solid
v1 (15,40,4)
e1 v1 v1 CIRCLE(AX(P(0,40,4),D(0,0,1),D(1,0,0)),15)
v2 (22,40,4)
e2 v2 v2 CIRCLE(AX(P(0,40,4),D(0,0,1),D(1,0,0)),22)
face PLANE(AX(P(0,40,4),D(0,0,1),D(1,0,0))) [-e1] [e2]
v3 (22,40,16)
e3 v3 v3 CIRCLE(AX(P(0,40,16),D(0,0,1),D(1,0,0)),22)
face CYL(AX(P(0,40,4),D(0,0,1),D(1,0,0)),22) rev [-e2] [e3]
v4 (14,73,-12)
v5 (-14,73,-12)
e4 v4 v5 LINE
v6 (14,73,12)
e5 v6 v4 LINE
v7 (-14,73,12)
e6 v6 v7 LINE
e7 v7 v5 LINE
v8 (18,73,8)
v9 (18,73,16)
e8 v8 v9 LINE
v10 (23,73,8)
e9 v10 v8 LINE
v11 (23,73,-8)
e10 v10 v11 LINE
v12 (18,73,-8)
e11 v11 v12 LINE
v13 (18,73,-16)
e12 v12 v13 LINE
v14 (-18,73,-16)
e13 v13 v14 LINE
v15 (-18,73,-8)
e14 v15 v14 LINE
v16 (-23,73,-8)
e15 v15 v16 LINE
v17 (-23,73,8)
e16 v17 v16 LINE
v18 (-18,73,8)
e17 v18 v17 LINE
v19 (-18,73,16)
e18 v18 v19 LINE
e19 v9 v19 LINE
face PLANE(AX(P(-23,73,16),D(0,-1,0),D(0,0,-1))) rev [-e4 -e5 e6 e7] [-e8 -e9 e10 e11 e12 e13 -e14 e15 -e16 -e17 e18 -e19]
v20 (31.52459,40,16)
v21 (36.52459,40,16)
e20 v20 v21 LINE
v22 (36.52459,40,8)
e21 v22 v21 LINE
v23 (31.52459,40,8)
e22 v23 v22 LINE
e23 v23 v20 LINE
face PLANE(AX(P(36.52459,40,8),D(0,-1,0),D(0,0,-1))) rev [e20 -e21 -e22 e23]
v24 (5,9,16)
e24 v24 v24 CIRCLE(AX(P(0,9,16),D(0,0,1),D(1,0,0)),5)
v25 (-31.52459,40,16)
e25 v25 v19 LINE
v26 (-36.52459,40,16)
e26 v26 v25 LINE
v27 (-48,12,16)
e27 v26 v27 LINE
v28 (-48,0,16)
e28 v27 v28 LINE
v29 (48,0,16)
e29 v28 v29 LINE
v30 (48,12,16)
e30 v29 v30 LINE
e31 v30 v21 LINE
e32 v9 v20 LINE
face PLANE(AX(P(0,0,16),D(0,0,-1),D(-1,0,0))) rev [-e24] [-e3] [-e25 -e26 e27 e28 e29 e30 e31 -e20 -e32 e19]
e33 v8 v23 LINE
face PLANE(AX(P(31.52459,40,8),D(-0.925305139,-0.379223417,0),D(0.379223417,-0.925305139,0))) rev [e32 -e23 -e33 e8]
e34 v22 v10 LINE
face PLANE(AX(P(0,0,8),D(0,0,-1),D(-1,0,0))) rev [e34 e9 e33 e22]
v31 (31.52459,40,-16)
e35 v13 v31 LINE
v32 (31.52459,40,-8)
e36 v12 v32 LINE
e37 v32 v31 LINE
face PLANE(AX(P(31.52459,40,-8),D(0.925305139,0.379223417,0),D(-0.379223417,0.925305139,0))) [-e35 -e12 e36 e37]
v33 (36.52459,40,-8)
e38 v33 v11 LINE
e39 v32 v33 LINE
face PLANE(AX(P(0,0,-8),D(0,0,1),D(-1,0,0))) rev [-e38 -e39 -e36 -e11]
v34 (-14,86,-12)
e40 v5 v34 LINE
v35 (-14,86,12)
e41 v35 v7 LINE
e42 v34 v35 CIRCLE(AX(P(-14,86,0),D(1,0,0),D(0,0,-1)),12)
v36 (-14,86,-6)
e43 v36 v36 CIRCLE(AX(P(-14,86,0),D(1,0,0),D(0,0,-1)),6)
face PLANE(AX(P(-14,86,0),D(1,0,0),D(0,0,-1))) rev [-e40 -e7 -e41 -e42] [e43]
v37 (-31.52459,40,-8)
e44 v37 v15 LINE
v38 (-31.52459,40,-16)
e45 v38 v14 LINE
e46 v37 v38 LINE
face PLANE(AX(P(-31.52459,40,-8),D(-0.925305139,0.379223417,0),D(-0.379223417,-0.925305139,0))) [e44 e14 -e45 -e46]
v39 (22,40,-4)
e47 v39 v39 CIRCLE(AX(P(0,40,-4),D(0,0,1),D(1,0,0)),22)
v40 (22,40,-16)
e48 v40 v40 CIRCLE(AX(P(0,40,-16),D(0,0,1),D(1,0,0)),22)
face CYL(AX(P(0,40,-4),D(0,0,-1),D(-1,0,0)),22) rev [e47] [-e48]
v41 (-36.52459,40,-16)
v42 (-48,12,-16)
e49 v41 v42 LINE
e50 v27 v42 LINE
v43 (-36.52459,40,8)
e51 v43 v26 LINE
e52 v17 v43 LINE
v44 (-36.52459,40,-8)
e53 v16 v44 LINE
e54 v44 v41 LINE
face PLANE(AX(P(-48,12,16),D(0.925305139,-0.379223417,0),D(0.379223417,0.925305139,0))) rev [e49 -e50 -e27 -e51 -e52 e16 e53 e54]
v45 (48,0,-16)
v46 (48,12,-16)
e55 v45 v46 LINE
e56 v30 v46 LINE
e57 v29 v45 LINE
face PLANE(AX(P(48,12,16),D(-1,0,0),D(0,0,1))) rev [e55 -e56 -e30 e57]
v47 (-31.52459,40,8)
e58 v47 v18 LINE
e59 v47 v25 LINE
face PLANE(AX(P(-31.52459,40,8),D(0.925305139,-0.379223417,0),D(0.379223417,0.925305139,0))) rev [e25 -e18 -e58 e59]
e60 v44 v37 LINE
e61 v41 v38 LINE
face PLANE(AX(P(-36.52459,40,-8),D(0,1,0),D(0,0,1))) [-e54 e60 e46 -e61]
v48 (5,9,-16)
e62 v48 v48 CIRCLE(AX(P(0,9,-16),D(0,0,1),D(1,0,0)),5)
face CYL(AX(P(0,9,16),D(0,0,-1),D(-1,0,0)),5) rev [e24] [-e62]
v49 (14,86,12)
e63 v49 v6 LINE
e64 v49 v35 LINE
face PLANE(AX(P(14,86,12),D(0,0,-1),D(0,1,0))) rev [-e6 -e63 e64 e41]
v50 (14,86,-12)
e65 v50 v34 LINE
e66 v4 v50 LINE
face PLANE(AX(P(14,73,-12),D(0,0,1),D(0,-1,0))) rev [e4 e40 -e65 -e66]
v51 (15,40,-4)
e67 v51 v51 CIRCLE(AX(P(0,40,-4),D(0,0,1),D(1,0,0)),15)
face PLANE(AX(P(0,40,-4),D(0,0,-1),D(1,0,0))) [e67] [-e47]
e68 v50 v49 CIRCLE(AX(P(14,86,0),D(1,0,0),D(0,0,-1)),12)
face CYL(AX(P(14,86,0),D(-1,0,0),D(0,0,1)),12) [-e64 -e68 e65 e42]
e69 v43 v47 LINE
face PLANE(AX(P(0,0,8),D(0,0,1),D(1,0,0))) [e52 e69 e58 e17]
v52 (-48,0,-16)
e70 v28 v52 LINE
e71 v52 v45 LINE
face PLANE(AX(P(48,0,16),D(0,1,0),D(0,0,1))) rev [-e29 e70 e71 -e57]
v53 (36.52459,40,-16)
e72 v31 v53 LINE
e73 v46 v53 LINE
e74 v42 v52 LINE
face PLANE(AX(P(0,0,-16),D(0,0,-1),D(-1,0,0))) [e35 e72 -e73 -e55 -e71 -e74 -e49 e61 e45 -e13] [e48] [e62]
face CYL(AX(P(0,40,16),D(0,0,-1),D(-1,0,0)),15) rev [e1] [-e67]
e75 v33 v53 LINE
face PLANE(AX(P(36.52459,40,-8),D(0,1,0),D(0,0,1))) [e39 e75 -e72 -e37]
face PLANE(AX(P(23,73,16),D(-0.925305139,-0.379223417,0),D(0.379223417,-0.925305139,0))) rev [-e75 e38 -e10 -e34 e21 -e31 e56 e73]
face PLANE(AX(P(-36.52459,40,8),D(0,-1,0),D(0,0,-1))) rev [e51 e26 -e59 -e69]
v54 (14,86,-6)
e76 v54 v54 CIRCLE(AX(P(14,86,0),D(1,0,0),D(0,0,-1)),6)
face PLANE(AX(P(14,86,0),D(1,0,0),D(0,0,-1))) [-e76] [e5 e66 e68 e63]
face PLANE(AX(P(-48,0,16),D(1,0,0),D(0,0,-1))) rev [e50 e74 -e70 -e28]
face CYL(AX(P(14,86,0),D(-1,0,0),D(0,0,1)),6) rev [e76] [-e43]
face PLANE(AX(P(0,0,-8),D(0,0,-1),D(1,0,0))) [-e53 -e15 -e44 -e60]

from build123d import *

# Parameters (mm, degrees)
CROQUIS1_R              = 15
CROQUIS1_R_2            = 5
SALIENTE_EXTRUIR1_DEPTH = 16
CORTAR_EXTRUIR1_START   = -12
CROQUIS2_R              = 22
CROQUIS2_R_2            = 15
CORTAR_EXTRUIR1_DEPTH   = 12
CORTAR_EXTRUIR2_DEPTH   = 8
CROQUIS4_R              = 6
SALIENTE_EXTRUIR2_DEPTH = 14


with BuildPart() as part:
    # Croquis1 → Saliente-Extruir1 (new, symmetric)
    with BuildSketch(Plane.XY):
        Polygon((-23, 73), (23, 73), (48, 12), (48, 0), (-48, 0), (-48, 12), align=None)
        with Locations((0, 40)):
            Circle(CROQUIS1_R, mode=Mode.SUBTRACT)
        with Locations((0, 9)):
            Circle(CROQUIS1_R_2, mode=Mode.SUBTRACT)
    extrude(amount=SALIENTE_EXTRUIR1_DEPTH, both=True)

    # Croquis2 → Cortar-Extruir1 (cut)
    with BuildSketch(Plane.XY.offset(16).offset(CORTAR_EXTRUIR1_START)):
        with Locations((0, 40)):
            Circle(CROQUIS2_R)
        with Locations((0, 40)):
            Circle(CROQUIS2_R_2, mode=Mode.SUBTRACT)
    cortar_extruir1 = extrude(amount=CORTAR_EXTRUIR1_DEPTH, mode=Mode.SUBTRACT)

    # Croquis3 → Cortar-Extruir2 (cut)
    with BuildSketch(Plane.XY.offset(16)):
        Polygon((23, 73), (36.524590164, 40), (31.524590164, 40), (18, 73), align=None)
        Polygon((-18, 73), (-23, 73), (-36.524590164, 40), (-31.524590164, 40), align=None)
    cortar_extruir2 = extrude(amount=-CORTAR_EXTRUIR2_DEPTH, mode=Mode.SUBTRACT)

    # Simetría1: Cortar-Extruir1, Cortar-Extruir2 across plane
    add(cortar_extruir1.mirror(Plane.XY), mode=Mode.SUBTRACT)
    add(cortar_extruir2.mirror(Plane.XY), mode=Mode.SUBTRACT)

    # Croquis4 → Saliente-Extruir2 (add, symmetric)
    with BuildSketch(Plane(origin=(0, 0, 0), x_dir=(0, 0, -1), z_dir=(1, 0, 0))):
        with BuildLine():
            Line((-12, 73), (12, 73))
            Line((12, 73), (12, 86))
            ThreePointArc((12, 86), (0, 98), (-12, 86))
            Line((-12, 86), (-12, 73))
        make_face()
        with Locations((0, 86)):
            Circle(CROQUIS4_R, mode=Mode.SUBTRACT)
    extrude(amount=SALIENTE_EXTRUIR2_DEPTH, both=True)


solid = part.part
